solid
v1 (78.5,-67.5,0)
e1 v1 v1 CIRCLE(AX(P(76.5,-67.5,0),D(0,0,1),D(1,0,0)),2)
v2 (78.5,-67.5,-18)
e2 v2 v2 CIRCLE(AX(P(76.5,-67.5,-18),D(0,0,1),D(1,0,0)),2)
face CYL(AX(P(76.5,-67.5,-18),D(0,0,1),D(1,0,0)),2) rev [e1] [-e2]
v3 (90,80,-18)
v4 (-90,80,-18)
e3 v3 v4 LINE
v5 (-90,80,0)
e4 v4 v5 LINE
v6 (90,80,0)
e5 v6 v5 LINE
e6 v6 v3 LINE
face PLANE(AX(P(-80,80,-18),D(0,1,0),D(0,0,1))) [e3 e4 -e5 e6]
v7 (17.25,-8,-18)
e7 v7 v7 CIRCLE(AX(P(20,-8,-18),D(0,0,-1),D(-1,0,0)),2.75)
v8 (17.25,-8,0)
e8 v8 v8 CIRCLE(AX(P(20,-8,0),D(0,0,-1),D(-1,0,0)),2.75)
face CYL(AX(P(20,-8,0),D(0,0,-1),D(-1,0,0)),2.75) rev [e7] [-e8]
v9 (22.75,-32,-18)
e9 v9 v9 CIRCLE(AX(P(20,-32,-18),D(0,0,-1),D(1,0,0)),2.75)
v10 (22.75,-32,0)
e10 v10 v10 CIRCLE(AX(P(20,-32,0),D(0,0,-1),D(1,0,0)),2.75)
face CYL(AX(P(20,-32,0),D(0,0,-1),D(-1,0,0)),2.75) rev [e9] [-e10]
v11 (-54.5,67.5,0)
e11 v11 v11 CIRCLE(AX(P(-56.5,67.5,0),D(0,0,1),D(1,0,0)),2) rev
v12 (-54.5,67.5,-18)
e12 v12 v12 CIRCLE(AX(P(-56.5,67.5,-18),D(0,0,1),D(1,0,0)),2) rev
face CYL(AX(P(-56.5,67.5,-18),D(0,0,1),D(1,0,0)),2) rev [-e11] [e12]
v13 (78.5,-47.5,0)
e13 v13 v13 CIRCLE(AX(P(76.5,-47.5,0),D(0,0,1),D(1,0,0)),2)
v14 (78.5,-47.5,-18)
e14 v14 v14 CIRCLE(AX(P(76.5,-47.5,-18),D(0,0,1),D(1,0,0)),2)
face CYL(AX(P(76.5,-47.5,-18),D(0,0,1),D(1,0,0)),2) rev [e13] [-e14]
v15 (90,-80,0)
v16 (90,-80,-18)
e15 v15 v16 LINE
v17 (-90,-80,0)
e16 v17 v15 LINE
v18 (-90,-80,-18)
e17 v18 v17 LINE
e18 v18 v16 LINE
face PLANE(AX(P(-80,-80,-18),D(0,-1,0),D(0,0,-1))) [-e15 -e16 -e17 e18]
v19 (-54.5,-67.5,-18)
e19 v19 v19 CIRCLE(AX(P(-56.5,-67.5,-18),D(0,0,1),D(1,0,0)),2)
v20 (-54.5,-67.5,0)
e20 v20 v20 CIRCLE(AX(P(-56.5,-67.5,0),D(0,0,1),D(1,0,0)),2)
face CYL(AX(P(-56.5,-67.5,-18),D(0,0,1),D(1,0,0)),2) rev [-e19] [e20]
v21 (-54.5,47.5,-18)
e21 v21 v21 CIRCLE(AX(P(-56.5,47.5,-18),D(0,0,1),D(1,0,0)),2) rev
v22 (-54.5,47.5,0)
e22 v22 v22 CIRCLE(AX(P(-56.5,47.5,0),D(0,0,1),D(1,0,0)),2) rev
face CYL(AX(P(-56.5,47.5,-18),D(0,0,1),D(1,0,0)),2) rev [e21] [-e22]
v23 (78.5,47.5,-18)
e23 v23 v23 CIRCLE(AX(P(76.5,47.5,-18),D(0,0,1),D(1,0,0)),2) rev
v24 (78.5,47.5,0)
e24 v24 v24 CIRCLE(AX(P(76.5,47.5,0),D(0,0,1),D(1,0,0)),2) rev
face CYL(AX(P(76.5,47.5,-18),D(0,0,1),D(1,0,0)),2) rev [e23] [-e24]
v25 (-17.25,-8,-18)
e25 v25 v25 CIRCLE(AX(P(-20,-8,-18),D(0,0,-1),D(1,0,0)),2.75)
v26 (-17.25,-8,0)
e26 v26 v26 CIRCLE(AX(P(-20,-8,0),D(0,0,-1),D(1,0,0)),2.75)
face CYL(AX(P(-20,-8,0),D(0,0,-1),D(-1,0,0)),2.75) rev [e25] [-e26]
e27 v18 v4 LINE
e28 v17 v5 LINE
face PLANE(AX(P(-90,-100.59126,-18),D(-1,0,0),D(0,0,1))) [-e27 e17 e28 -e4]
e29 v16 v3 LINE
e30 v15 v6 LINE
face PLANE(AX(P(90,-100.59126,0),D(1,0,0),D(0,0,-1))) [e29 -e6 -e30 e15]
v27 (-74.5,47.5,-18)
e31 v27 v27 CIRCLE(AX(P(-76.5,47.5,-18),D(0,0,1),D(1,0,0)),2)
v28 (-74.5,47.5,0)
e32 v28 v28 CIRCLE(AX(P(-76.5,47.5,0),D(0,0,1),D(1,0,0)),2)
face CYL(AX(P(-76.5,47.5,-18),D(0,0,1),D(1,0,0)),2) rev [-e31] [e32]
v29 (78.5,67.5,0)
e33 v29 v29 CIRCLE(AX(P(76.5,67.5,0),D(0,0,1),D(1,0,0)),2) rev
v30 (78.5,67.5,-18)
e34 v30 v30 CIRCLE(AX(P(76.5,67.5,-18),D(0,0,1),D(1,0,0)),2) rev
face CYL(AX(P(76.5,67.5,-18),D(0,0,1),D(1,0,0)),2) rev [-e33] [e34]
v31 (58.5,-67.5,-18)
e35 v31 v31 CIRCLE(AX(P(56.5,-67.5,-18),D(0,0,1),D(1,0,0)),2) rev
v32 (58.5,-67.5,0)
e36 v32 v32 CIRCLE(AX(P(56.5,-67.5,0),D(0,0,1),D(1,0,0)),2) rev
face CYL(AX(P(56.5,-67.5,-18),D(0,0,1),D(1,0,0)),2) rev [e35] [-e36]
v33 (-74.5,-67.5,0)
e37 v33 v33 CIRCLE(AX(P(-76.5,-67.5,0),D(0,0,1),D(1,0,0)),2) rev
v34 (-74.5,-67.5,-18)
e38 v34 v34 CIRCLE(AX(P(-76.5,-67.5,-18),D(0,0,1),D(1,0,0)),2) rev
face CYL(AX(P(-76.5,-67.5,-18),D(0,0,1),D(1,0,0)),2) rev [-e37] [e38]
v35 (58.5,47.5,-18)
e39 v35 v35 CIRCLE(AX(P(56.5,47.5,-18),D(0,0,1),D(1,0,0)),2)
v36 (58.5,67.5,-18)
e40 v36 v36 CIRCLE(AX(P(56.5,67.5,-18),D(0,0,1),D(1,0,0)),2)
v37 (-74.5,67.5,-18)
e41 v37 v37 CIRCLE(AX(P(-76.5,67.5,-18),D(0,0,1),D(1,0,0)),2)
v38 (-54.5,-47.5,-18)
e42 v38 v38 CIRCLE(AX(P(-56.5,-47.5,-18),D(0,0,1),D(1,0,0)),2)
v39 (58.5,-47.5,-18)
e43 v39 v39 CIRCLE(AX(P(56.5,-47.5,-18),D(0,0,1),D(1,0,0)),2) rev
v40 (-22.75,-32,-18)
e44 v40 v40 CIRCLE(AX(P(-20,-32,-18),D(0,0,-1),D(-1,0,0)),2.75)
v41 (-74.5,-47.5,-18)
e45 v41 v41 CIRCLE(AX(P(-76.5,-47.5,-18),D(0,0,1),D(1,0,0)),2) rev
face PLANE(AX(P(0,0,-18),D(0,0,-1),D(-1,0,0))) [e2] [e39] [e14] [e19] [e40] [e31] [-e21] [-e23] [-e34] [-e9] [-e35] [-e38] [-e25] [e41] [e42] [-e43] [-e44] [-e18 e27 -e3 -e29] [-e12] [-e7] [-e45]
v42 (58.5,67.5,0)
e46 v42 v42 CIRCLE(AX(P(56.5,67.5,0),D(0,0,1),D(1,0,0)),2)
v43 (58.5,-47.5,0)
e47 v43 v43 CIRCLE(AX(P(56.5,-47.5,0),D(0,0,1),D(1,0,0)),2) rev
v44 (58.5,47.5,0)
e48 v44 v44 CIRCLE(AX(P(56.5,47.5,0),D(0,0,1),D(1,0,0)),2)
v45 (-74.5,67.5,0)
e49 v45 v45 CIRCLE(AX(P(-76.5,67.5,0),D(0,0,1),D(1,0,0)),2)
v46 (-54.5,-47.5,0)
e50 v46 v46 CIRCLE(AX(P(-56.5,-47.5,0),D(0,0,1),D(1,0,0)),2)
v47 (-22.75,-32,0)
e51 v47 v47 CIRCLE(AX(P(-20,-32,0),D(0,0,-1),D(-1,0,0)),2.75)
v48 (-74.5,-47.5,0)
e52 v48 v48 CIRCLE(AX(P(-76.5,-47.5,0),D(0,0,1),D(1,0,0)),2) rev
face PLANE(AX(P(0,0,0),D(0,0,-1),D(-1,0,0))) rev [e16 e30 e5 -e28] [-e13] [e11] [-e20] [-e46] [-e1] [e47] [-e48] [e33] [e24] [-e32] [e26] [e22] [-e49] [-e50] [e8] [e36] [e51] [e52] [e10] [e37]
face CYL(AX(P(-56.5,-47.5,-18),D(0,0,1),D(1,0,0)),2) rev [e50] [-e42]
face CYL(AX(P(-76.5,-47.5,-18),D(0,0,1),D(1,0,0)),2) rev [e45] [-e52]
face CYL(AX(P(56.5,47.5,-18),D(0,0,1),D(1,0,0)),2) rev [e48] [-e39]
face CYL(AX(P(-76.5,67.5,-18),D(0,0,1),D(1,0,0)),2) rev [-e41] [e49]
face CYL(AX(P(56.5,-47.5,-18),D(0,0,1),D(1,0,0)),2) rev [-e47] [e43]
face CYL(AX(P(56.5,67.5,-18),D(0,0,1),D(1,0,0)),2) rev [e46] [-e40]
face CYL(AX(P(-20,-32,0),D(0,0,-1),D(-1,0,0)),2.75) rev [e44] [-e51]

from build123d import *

# Parameters (mm, degrees)
SKETCH1_W           = 160
SKETCH1_H           = 160
BOSS_EXTRUDE1_DEPTH = 18
SKETCH3_R           = 2
CUT_EXTRUDE1_DEPTH  = 115.560027933
SKETCH4_W           = 10
SKETCH4_H           = 18
BOSS_EXTRUDE3_DEPTH = 160
SKETCH7_R           = 2.75
CUT_EXTRUDE4_DEPTH  = 122.753850042


with BuildPart() as part:
    # Sketch1 → Boss-Extrude1 (new body)
    with BuildSketch(Plane.XY):
        Rectangle(SKETCH1_W, SKETCH1_H)
    extrude(amount=-BOSS_EXTRUDE1_DEPTH)

    # Sketch3 → Cut-Extrude1 (cut, through all)
    with BuildSketch(Plane.XY):
        with Locations((-76.5, 67.5)):
            Circle(SKETCH3_R)
        with Locations((-56.5, 67.5)):
            Circle(SKETCH3_R)
        with Locations((-56.5, 47.5)):
            Circle(SKETCH3_R)
        with Locations((-76.5, 47.5)):
            Circle(SKETCH3_R)
        with Locations((76.5, 67.5)):
            Circle(SKETCH3_R)
        with Locations((76.5, 47.5)):
            Circle(SKETCH3_R)
        with Locations((76.5, -47.5)):
            Circle(SKETCH3_R)
        with Locations((76.5, -67.5)):
            Circle(SKETCH3_R)
        with Locations((56.5, -47.5)):
            Circle(SKETCH3_R)
        with Locations((56.5, -67.5)):
            Circle(SKETCH3_R)
        with Locations((-56.5, -47.5)):
            Circle(SKETCH3_R)
        with Locations((-56.5, -67.5)):
            Circle(SKETCH3_R)
        with Locations((-76.5, -47.5)):
            Circle(SKETCH3_R)
        with Locations((-76.5, -67.5)):
            Circle(SKETCH3_R)
        with Locations((56.5, 67.5)):
            Circle(SKETCH3_R)
        with Locations((56.5, 47.5)):
            Circle(SKETCH3_R)
    extrude(amount=-CUT_EXTRUDE1_DEPTH, mode=Mode.SUBTRACT)

    # Sketch4 → Boss-Extrude3 (add)
    with BuildSketch(Plane(origin=(0, 80, 0), x_dir=(1, 0, 0), z_dir=(0, 1, 0))):
        with Locations((85, 9)):
            Rectangle(SKETCH4_W, SKETCH4_H)
        with Locations((-85, 9)):
            Rectangle(SKETCH4_W, SKETCH4_H)
    extrude(amount=-BOSS_EXTRUDE3_DEPTH)

    # Sketch7 → Cut-Extrude4 (cut, through all)
    with BuildSketch(Plane(origin=(0, 0, -18), x_dir=(-1, 0, 0), z_dir=(0, 0, -1))):
        with Locations((-20, -8)):
            Circle(SKETCH7_R)
        with Locations(Location((-20, -32, 0), (0, 0, 180))):
            Circle(SKETCH7_R)
        with Locations((20, -32)):
            Circle(SKETCH7_R)
        with Locations(Location((20, -8, 0), (0, 0, 180))):
            Circle(SKETCH7_R)
    extrude(amount=-CUT_EXTRUDE4_DEPTH, mode=Mode.SUBTRACT)


solid = part.part
